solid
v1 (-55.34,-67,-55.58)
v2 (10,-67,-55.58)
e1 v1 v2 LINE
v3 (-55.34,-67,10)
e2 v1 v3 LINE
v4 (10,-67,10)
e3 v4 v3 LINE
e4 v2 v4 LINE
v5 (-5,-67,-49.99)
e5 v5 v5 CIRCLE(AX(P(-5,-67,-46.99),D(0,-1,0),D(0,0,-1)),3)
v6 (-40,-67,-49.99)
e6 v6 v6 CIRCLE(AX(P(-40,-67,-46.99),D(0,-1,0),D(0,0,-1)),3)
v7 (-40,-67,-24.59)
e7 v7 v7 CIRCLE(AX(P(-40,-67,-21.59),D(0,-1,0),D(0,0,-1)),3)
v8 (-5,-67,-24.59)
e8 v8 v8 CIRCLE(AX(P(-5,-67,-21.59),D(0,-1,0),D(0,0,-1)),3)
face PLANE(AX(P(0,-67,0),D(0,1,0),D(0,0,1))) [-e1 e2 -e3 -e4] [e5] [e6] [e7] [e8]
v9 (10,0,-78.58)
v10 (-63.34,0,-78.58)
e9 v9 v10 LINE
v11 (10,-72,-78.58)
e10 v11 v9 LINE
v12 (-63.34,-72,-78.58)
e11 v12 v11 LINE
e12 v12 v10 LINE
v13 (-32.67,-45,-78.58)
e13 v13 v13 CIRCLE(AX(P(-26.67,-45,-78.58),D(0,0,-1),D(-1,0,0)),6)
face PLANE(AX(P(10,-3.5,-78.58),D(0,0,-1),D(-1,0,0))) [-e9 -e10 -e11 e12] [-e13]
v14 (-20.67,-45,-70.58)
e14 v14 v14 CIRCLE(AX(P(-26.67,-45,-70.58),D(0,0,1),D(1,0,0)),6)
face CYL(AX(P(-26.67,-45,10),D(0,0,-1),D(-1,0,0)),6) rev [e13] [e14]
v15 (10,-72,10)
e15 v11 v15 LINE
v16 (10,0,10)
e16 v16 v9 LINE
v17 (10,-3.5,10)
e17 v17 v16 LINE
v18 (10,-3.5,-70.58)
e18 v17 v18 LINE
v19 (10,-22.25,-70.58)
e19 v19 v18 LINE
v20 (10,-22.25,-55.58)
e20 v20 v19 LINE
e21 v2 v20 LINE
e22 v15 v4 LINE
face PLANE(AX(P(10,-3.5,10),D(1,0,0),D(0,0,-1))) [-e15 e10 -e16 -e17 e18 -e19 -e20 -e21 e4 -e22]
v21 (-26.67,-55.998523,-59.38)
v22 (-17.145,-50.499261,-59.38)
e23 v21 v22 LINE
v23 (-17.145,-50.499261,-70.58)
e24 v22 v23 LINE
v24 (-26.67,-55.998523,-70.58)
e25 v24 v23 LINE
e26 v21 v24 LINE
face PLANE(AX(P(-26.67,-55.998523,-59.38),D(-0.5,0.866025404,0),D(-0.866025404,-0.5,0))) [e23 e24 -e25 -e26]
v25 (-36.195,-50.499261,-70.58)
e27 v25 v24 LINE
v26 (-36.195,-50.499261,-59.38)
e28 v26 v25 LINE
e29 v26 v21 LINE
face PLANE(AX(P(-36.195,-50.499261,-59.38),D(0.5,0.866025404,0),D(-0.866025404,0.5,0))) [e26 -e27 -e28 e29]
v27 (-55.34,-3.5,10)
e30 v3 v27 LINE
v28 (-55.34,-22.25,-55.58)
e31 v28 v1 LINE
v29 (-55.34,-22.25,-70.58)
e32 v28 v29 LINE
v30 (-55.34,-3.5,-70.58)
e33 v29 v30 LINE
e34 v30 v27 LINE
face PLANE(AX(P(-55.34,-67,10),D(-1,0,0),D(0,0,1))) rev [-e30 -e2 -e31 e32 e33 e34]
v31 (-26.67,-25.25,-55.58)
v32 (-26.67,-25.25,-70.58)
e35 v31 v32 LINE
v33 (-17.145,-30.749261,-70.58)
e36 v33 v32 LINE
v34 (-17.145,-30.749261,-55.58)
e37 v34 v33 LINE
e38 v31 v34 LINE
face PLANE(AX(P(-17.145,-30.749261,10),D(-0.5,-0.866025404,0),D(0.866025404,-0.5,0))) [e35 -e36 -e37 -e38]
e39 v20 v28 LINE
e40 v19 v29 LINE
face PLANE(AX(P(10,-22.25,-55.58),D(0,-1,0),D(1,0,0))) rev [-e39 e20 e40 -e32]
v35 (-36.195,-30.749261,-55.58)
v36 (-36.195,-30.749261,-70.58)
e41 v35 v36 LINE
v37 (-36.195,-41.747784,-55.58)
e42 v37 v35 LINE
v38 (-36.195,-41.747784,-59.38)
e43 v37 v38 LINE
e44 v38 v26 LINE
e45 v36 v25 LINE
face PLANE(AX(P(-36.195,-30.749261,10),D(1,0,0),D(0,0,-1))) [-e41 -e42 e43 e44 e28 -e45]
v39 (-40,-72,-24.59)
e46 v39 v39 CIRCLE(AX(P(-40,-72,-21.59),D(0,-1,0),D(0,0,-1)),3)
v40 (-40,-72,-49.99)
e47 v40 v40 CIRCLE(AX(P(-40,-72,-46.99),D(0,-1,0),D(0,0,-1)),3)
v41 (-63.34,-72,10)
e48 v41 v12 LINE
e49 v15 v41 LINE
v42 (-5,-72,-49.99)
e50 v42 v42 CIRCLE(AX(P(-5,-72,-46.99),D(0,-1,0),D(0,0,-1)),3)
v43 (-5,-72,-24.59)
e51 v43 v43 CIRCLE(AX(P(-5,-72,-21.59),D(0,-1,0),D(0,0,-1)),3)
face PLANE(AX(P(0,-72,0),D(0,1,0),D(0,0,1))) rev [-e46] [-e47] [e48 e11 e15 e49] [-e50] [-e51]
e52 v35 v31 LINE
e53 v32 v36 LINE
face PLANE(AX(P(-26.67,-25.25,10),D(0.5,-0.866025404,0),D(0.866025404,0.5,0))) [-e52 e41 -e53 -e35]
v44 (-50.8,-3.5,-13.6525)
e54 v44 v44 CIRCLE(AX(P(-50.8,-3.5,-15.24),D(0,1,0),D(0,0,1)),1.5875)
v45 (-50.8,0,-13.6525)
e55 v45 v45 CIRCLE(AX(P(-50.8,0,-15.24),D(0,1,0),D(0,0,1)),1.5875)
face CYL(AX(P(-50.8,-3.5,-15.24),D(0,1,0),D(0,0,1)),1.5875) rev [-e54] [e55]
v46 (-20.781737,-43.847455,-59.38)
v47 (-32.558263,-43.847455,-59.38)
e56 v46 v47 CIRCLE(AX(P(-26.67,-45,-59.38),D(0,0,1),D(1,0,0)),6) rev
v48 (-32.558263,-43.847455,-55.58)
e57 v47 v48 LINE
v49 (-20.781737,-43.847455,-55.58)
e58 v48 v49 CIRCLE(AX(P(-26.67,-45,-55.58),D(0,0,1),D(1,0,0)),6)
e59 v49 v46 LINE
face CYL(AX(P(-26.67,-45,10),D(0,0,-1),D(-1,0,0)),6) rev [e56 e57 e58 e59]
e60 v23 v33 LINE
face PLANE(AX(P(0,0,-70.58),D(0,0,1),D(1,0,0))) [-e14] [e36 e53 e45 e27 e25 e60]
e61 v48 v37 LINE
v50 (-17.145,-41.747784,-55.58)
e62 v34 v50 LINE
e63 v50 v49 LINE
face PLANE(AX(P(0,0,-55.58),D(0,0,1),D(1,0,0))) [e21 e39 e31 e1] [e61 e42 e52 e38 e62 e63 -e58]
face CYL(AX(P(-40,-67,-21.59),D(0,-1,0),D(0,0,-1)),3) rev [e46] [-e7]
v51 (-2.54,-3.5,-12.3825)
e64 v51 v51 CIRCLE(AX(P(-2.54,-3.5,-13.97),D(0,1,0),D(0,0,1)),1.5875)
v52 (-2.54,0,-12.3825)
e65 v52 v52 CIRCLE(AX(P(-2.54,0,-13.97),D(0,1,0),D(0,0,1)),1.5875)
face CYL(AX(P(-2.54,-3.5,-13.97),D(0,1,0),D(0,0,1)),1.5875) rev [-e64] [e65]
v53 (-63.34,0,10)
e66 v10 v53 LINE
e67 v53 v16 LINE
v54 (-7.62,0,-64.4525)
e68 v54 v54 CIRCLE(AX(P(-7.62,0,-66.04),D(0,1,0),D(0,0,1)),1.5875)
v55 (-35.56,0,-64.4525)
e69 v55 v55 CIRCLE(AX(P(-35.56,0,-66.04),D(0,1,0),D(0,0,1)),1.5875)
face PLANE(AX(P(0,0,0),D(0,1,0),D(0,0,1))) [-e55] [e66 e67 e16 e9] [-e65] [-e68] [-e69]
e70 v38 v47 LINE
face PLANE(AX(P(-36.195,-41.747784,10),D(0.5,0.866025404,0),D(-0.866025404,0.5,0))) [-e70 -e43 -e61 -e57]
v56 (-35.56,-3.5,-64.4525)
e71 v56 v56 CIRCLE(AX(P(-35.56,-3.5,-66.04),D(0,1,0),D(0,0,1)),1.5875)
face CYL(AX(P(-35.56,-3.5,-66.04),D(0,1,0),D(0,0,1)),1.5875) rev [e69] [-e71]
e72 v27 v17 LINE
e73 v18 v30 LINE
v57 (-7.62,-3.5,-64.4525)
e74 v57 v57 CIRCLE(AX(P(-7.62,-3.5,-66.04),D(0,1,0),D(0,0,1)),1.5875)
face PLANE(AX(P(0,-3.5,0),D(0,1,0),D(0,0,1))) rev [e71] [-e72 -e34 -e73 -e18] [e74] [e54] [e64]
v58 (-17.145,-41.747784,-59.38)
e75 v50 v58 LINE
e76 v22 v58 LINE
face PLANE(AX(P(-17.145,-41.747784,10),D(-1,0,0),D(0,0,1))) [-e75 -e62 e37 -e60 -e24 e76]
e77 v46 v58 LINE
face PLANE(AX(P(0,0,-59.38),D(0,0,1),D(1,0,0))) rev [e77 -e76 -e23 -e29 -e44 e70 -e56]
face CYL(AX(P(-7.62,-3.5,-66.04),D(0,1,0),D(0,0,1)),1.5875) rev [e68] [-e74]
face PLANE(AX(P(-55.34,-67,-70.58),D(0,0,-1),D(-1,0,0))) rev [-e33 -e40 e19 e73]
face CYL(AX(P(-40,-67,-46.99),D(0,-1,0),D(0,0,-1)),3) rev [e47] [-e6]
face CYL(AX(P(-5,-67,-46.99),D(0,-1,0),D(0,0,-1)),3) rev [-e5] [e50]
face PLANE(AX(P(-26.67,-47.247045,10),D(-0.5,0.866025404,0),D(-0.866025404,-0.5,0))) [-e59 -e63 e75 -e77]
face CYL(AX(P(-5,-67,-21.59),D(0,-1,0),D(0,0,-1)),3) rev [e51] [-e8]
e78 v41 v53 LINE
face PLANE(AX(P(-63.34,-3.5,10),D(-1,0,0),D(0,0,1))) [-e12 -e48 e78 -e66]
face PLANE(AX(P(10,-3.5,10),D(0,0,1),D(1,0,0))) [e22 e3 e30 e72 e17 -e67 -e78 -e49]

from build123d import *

# Parameters (mm, degrees)
SKETCH2_W           = 73.34
SKETCH2_H           = 88.58
BOSS_EXTRUDE1_DEPTH = 3.5
SKETCH1_R           = 1.5875
CUT_EXTRUDE1_DEPTH  = 3.5
BOSS_EXTRUDE2_DEPTH = 63.5
SKETCH4_W           = 73.34
SKETCH4_H           = 88.58
BOSS_EXTRUDE3_DEPTH = 5
SKETCH5_R           = 3
CUT_EXTRUDE2_DEPTH  = 5
SKETCH6_W           = 65.34
SKETCH6_H           = 44.75
BOSS_EXTRUDE4_DEPTH = 15
CUT_EXTRUDE3_DEPTH  = 126.25610564
SKETCH11_R          = 6
CUT_EXTRUDE4_DEPTH  = 131.546436183
CUT_EXTRUDE5_DEPTH  = 11.2


with BuildPart() as part:
    # Sketch2 → Boss-Extrude1 (new body)
    with BuildSketch(Plane(origin=(0, 0, 0), x_dir=(1, 0, 0), z_dir=(0, 1, 0))):
        with Locations((-26.67, 34.29)):
            Rectangle(SKETCH2_W, SKETCH2_H)
    extrude(amount=-BOSS_EXTRUDE1_DEPTH)

    # Sketch1 → Cut-Extrude1 (cut)
    with BuildSketch(Plane(origin=(0, 0, 0), x_dir=(1, 0, 0), z_dir=(0, 1, 0))):
        with Locations(Location((-7.62, 66.04, 0), (0, 0, 270))):
            Circle(SKETCH1_R)
        with Locations(Location((-35.56, 66.04, 0), (0, 0, 270))):
            Circle(SKETCH1_R)
        with Locations(Location((-2.54, 13.97, 0), (0, 0, 270))):
            Circle(SKETCH1_R)
        with Locations(Location((-50.8, 15.24, 0), (0, 0, 270))):
            Circle(SKETCH1_R)
    extrude(amount=-CUT_EXTRUDE1_DEPTH, mode=Mode.SUBTRACT)

    # Sketch3 → Boss-Extrude2 (add)
    with BuildSketch(Plane.XZ.offset(3.5)):
        Polygon((10, -78.58), (-63.34, -78.58), (-63.34, 10), (-55.34, 10), (-55.34, -70.58), (10, -70.58), align=None)
    extrude(amount=BOSS_EXTRUDE2_DEPTH)

    # Sketch4 → Boss-Extrude3 (add)
    with BuildSketch(Plane.XZ.offset(67)):
        with Locations((-26.67, -34.29)):
            Rectangle(SKETCH4_W, SKETCH4_H)
    extrude(amount=BOSS_EXTRUDE3_DEPTH)

    # Sketch5 → Cut-Extrude2 (cut)
    with BuildSketch(Plane.XZ.offset(72)):
        with Locations(Location((-5, -21.59, 0), (0, 0, 270))):
            Circle(SKETCH5_R)
        with Locations(Location((-5, -46.99, 0), (0, 0, 270))):
            Circle(SKETCH5_R)
        with Locations(Location((-40, -21.59, 0), (0, 0, 270))):
            Circle(SKETCH5_R)
        with Locations(Location((-40, -46.99, 0), (0, 0, 270))):
            Circle(SKETCH5_R)
    extrude(amount=-CUT_EXTRUDE2_DEPTH, mode=Mode.SUBTRACT)

    # Sketch6 → Boss-Extrude4 (add)
    with BuildSketch(Plane.XY.offset(-70.58)):
        with Locations((-22.67, -44.625)):
            Rectangle(SKETCH6_W, SKETCH6_H)
    extrude(amount=BOSS_EXTRUDE4_DEPTH)

    # Sketch9 → Cut-Extrude3 (cut, through all)
    with BuildSketch(Plane.XY.offset(-70.58)):
        Polygon((-17.145, -41.747783942), (-17.145, -30.749261314), (-26.67, -25.25), (-36.195, -30.749261314), (-36.195, -41.747783942), (-26.67, -47.247045256), align=None)
    extrude(amount=CUT_EXTRUDE3_DEPTH, mode=Mode.SUBTRACT)

    # Sketch11 → Cut-Extrude4 (cut, through all)
    with BuildSketch(Plane(origin=(0, 0, -78.58), x_dir=(-1, 0, 0), z_dir=(0, 0, -1))):
        with Locations((26.67, -45)):
            Circle(SKETCH11_R)
    extrude(amount=-CUT_EXTRUDE4_DEPTH, mode=Mode.SUBTRACT)

    # Sketch12 → Cut-Extrude5 (cut)
    with BuildSketch(Plane.XY.offset(-70.58)):
        Polygon((-17.145, -39.500738686), (-26.67, -34.001477372), (-36.195, -39.500738686), (-36.195, -50.499261314), (-26.67, -55.998522628), (-17.145, -50.499261314), align=None)
    extrude(amount=CUT_EXTRUDE5_DEPTH, mode=Mode.SUBTRACT)


solid = part.part
